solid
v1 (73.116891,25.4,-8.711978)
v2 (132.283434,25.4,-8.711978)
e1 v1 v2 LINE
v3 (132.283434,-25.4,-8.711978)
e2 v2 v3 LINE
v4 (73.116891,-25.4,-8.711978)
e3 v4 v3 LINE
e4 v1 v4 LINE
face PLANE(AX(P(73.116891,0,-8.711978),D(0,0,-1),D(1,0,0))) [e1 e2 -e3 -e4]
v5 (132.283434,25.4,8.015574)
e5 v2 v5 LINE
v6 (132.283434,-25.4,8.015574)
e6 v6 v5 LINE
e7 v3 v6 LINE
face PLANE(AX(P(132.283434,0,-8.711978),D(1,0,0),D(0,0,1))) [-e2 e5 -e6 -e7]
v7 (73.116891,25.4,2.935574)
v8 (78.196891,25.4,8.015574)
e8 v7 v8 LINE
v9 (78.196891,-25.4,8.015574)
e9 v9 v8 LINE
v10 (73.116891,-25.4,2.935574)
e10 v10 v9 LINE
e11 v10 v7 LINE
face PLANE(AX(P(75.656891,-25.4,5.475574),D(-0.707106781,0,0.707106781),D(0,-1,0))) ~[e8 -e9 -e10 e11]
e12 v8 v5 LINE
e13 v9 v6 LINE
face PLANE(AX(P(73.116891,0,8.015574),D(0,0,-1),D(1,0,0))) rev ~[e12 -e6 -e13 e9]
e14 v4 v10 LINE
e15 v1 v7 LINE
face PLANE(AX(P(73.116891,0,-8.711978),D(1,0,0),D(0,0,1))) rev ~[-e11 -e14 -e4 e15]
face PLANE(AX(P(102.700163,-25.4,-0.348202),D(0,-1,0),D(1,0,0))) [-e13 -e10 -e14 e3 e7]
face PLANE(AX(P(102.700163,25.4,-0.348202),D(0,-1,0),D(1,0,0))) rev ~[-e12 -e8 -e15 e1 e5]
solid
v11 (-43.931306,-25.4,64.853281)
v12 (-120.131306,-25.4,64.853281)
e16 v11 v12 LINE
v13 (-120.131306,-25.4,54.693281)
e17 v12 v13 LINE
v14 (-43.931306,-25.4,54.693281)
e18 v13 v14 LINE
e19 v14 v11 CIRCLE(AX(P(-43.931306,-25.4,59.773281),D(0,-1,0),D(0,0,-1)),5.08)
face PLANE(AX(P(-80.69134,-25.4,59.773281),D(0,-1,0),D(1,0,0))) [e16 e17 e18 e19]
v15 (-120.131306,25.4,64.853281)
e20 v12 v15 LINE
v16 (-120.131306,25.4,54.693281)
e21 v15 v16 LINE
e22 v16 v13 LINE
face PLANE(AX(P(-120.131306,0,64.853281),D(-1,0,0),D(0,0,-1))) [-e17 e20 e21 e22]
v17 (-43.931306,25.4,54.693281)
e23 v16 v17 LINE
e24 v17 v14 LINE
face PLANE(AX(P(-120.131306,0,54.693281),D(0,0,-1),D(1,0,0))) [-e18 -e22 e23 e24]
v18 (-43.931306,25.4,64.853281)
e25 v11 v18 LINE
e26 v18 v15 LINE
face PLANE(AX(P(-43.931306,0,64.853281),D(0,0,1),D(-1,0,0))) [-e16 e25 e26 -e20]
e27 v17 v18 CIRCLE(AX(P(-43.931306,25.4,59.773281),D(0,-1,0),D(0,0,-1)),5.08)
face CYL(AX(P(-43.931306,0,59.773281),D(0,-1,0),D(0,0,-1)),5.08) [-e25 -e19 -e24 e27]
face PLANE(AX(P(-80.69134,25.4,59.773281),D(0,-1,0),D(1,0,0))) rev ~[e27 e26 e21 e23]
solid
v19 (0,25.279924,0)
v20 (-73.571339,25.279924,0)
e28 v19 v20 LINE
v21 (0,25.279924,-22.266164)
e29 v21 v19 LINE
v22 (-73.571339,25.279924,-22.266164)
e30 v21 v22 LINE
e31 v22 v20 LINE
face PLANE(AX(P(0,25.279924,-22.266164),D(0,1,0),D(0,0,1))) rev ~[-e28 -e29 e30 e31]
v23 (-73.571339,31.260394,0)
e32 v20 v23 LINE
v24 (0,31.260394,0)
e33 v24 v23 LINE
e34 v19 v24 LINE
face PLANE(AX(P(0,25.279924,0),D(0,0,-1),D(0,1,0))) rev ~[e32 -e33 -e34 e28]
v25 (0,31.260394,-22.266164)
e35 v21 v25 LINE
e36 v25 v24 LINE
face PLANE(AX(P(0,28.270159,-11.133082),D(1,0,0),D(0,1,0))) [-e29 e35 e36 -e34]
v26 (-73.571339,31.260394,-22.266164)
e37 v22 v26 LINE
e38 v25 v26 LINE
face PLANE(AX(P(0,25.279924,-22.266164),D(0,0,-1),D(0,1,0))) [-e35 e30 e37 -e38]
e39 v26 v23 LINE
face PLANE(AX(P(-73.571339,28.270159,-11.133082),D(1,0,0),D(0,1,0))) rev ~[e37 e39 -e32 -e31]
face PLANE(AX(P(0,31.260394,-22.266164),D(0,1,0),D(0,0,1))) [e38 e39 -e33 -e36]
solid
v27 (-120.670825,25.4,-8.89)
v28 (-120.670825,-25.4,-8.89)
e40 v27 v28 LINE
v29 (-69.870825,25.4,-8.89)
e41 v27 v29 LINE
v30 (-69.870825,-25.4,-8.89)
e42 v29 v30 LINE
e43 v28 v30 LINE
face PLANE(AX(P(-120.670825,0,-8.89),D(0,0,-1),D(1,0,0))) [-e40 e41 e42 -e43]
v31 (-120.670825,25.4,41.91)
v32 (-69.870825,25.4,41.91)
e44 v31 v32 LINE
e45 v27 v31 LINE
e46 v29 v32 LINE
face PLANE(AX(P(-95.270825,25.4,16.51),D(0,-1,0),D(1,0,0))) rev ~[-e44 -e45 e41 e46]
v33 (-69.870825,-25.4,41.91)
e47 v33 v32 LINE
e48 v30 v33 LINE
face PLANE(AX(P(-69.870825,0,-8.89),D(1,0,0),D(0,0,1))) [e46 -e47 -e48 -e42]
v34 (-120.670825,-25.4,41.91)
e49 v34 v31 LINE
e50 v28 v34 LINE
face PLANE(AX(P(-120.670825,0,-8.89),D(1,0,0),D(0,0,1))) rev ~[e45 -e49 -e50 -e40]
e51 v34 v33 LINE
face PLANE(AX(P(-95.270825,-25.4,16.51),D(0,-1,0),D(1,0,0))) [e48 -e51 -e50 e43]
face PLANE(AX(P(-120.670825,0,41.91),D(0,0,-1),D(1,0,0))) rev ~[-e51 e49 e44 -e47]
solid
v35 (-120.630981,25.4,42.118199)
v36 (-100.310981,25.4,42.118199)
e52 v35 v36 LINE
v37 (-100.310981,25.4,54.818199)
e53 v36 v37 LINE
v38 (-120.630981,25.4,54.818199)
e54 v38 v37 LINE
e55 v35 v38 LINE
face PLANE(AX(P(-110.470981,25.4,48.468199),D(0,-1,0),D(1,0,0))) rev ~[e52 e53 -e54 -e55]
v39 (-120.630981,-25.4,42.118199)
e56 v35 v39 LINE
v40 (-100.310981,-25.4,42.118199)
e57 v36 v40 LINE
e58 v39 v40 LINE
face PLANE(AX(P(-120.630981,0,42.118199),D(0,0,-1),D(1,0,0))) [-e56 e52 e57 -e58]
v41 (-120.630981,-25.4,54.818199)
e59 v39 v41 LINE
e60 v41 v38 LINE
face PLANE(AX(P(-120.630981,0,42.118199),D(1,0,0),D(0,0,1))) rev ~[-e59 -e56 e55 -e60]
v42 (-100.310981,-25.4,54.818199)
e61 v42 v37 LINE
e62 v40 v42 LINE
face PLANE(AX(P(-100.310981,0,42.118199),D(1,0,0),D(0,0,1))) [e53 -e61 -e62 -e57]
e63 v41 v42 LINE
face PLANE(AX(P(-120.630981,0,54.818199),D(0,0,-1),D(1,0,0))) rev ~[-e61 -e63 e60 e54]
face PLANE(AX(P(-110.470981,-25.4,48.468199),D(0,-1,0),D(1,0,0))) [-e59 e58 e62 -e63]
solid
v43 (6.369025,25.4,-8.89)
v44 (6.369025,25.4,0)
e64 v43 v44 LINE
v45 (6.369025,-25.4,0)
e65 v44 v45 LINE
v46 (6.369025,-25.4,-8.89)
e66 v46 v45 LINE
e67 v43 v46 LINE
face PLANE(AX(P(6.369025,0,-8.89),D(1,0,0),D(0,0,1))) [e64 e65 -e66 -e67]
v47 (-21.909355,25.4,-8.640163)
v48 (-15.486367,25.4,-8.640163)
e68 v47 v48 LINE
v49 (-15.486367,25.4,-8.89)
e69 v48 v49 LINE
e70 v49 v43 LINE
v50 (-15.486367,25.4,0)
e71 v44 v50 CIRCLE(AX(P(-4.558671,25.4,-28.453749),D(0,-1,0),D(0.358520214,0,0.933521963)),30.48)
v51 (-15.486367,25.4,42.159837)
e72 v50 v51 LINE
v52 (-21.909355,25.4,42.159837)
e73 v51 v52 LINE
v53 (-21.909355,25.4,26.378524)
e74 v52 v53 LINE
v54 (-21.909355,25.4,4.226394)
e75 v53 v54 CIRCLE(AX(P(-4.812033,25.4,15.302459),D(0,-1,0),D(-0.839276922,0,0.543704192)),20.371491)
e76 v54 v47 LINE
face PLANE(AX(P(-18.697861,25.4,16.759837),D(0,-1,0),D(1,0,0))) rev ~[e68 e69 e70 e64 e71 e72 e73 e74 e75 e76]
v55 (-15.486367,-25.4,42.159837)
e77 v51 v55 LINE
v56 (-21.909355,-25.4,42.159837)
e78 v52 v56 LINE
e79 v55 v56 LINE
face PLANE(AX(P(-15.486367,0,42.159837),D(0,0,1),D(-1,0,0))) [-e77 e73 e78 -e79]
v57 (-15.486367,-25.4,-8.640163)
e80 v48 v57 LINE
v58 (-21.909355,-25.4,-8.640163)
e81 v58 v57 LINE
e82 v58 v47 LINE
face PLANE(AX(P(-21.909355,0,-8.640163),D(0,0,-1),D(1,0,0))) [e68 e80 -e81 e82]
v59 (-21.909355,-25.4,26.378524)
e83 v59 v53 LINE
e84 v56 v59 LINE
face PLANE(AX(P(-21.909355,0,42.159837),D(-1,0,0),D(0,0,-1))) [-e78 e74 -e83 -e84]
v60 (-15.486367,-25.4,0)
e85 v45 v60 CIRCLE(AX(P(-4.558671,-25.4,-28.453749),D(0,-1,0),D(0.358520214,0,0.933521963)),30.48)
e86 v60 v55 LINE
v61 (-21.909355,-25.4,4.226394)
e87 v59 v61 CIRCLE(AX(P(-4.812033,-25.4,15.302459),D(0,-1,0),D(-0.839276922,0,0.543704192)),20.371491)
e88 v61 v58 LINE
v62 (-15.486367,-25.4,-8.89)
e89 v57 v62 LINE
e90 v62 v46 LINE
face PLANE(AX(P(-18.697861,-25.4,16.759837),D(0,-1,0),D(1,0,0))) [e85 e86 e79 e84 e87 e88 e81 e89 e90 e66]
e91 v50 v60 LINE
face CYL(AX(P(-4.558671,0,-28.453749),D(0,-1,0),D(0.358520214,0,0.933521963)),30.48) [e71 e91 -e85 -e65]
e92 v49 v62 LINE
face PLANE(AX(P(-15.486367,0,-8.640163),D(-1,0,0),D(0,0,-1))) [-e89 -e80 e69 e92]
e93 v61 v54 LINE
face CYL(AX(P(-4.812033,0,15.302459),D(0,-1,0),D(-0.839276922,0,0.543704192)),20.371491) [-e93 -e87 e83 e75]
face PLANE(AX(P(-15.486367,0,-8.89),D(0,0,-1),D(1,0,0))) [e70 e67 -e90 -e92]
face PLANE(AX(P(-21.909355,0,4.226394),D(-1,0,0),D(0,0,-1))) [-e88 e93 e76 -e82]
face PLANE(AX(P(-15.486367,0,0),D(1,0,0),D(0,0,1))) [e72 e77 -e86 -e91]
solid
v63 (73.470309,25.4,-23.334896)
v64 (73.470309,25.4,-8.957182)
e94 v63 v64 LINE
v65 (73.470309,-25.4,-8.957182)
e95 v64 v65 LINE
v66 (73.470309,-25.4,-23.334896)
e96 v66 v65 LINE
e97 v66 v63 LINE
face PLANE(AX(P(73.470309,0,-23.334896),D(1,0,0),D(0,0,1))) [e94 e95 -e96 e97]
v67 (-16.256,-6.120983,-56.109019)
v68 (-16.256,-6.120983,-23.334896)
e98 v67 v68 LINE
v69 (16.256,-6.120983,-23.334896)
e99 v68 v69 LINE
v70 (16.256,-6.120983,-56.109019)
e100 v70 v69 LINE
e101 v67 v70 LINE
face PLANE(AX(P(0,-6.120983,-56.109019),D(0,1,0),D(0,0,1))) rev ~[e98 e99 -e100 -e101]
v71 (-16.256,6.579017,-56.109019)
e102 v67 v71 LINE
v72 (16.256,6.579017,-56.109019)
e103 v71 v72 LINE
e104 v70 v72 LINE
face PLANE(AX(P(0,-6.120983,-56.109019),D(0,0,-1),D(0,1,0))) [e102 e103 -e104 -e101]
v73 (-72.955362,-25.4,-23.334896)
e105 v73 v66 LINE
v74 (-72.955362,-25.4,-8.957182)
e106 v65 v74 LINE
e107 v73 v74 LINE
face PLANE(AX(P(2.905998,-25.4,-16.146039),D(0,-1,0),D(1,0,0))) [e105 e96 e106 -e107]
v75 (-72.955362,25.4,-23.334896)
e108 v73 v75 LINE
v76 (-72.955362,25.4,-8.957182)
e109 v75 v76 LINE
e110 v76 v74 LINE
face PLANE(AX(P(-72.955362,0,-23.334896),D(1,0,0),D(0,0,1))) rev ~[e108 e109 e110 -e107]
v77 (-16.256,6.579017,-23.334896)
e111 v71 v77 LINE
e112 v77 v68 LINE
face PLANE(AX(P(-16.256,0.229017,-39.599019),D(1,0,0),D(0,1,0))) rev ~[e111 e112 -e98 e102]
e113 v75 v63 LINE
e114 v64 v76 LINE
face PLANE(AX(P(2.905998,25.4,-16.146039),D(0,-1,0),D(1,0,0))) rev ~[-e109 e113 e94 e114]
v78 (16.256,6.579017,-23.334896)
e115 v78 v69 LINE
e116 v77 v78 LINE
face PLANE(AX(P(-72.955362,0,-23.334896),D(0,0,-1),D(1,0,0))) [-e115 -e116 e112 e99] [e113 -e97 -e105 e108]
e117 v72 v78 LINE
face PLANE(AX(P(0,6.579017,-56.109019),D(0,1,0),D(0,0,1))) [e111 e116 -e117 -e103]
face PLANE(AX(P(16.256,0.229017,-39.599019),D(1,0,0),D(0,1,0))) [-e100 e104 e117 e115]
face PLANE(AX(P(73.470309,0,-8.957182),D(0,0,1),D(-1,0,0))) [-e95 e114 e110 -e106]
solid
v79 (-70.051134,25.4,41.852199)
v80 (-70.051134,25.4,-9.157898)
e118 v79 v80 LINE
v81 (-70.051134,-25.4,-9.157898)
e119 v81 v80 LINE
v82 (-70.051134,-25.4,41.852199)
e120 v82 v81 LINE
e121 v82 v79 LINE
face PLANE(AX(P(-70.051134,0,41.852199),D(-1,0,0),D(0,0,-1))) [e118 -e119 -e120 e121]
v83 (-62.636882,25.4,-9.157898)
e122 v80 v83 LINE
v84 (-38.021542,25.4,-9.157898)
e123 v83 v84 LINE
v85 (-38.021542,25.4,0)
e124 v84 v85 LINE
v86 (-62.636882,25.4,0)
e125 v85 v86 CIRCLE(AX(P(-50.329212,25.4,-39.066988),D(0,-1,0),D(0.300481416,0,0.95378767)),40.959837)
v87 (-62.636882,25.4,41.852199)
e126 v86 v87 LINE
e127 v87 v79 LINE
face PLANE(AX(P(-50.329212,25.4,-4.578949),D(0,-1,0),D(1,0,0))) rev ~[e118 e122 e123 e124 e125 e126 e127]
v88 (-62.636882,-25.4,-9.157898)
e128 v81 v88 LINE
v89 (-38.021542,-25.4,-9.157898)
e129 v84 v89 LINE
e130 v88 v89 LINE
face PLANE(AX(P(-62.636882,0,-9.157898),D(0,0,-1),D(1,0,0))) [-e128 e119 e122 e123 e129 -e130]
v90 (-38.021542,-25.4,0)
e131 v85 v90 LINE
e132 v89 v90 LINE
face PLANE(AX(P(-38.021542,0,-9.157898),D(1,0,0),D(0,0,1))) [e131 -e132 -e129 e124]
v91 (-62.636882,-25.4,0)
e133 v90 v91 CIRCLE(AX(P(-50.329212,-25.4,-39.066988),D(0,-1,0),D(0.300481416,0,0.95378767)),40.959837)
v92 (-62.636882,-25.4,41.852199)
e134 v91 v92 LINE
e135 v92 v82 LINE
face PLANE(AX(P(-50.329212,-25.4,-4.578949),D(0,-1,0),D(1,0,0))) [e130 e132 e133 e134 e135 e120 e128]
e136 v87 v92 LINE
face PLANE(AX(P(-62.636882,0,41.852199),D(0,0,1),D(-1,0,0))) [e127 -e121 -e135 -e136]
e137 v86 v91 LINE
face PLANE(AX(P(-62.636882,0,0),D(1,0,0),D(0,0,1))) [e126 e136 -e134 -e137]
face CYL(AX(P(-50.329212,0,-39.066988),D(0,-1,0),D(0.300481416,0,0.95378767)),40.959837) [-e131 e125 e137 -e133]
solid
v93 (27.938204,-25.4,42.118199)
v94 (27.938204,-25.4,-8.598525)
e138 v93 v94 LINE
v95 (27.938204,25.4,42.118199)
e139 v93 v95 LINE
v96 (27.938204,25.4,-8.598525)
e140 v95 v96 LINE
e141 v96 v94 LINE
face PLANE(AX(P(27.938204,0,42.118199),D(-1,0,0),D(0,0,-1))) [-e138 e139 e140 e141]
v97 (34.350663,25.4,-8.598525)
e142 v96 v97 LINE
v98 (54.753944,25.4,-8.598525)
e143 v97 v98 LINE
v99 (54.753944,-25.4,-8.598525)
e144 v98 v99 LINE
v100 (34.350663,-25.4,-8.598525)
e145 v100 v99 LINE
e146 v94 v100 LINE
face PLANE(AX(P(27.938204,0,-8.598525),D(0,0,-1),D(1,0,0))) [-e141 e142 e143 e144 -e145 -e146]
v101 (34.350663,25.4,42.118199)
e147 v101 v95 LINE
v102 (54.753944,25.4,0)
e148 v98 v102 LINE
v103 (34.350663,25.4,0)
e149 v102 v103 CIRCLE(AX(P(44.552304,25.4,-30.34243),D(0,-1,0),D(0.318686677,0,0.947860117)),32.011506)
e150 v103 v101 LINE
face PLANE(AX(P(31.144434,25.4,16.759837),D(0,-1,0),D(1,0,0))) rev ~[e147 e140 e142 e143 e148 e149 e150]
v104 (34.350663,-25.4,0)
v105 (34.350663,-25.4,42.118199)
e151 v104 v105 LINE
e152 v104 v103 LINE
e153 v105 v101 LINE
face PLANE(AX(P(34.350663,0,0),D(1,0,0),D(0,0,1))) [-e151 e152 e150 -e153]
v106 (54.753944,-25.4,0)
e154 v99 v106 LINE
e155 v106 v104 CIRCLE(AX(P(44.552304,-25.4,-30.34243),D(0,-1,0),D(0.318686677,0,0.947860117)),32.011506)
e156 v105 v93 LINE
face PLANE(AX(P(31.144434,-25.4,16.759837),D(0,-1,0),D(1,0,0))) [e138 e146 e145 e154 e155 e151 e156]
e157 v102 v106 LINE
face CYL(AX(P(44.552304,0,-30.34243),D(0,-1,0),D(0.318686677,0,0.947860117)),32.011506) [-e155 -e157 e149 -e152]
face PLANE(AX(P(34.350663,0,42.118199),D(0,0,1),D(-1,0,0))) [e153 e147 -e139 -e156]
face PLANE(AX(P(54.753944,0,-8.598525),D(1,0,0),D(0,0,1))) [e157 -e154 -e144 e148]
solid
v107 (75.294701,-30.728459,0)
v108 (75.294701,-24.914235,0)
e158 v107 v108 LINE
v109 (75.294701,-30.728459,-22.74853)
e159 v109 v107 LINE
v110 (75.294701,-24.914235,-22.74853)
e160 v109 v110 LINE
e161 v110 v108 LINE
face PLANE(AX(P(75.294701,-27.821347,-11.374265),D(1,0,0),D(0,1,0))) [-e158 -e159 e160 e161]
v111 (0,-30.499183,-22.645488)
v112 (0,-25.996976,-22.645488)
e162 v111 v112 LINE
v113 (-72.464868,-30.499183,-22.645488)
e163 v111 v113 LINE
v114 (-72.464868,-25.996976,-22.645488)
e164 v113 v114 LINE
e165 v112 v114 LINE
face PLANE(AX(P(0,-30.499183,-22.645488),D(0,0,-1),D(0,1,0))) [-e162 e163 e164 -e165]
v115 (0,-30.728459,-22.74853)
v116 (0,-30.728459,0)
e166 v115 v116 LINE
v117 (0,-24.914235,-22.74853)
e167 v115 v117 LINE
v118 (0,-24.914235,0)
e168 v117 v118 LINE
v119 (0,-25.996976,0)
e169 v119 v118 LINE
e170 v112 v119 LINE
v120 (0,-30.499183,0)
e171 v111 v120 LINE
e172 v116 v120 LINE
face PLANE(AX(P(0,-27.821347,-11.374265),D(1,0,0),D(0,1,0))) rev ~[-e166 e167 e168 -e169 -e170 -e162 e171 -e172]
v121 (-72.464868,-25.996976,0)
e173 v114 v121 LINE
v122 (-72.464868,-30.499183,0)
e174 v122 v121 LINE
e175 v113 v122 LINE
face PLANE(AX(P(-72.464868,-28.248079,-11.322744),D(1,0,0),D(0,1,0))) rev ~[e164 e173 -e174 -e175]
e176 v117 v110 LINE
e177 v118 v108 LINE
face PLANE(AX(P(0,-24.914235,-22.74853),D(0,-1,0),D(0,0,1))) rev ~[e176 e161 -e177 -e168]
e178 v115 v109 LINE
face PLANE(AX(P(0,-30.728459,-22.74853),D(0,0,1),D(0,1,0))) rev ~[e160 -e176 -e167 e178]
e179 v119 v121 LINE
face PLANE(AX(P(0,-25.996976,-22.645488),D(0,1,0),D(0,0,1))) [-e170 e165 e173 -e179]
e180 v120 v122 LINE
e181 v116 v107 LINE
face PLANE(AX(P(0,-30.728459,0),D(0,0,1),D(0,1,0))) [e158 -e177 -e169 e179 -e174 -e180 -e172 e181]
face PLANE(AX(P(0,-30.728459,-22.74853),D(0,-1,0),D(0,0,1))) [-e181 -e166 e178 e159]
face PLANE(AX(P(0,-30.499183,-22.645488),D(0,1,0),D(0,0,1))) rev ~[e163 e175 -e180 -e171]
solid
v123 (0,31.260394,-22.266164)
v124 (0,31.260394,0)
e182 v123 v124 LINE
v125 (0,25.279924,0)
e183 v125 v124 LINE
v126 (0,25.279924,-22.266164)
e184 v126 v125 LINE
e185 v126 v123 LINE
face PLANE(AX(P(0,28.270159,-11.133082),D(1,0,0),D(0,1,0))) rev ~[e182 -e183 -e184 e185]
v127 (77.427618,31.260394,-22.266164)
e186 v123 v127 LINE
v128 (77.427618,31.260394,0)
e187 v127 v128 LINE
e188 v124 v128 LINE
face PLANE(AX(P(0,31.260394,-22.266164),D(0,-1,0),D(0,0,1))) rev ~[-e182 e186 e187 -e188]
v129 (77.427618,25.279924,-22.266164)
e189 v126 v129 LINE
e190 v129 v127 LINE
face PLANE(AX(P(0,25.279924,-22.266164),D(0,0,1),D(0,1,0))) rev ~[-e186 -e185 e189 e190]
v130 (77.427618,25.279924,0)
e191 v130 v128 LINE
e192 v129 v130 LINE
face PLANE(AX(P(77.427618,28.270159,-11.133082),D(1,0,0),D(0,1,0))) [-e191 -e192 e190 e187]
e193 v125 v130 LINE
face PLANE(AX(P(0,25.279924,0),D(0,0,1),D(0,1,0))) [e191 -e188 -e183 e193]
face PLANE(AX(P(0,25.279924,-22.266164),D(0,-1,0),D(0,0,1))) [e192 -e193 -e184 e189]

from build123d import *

# Parameters (mm, degrees)
F7_W      = 20.4032808542
F7_H      = 8.5985250771
F8_DEPTH  = 25.4
F6_W      = 59.1665431857
F6_H      = 16.7275518179
F0_W      = 50.3220036626
F0_H      = 14.3777141348
F0_W_2    = 45.4033091664
F0_W_3    = 50.7003590465
F2_W      = 24.6153399348
F2_H      = 9.1578979045
F1_W      = 50.8
F1_H      = 50.8
F3_W      = 20.32
F3_H      = 12.7
F9_W      = 12.7
F9_H      = 33.02
F10_DEPTH = 16.256
F11_SIZE  = 5.08
F12_W     = 5.9804692864
F12_H     = 22.266164422
F14_DEPTH = 77.4276182055
F13_W     = 5.8142244816
F13_H     = 22.748529911
F15_DEPTH = 75.2947013825
F16_W     = 4.5022070408
F16_H     = 22.6454883814
F17_DEPTH = 72.4648684263
F18_DEPTH = 73.5713392496


with BuildPart() as f8:
    # F7 (on Front) → F8 (new body, symmetric)
    with BuildSketch(Plane.XZ):
        Polygon((27.9382038862, 42.1181991696), (27.9382038862, -8.5985250771), (34.3506634235, -8.5985250771), (34.3506634235, 0), (34.3506634235, 42.1181991696), align=None)
        with Locations((44.5523038507, -4.2992625386)):
            Rectangle(F7_W, F7_H)
        with BuildLine():
            ThreePointArc((54.7539442778, 0), (44.5523038507, 1.6690761612), (34.3506634235, 0))
            Line((34.3506634235, 0), (54.7539442778, 0))
        make_face()
    extrude(amount=F8_DEPTH, both=True)


with BuildPart() as f8b:
    # F5 (on Front) → F8, piece 2 (new body, symmetric)
    with BuildSketch(Plane.XZ):
        Polygon((-21.9093549779, 4.226393532), (-21.9093549779, -8.6401629537), (-15.4863672549, -8.6401629537), (-15.4863672549, 0), (-15.4863672549, 42.1598370463), (-21.9093549779, 42.1598370463), (-21.9093549779, 26.3785235584), align=None)
        with BuildLine():
            ThreePointArc((-21.9093549779, 26.3785235584), (-25.1835237072, 15.3024585452), (-21.9093549779, 4.226393532))
            Line((-21.9093549779, 4.226393532), (-21.9093549779, 26.3785235584))
        make_face()
        Polygon((-15.4863672549, 0), (-15.4863672549, -8.6401629537), (-15.4863672549, -8.890000172), (6.3690249808, -8.890000172), (6.3690249808, 0), align=None)
        with BuildLine():
            ThreePointArc((6.3690249808, 0), (-4.558671137, 2.0262505536), (-15.4863672549, 0))
            Line((-15.4863672549, 0), (6.3690249808, 0))
        make_face()
    extrude(amount=F8_DEPTH, both=True)


with BuildPart() as f8c:
    # F6 (on Front) → F8, piece 3 (new body, symmetric)
    with BuildSketch(Plane.XZ):
        with Locations((102.700162679, -0.3482019529)):
            Rectangle(F6_W, F6_H)
    extrude(amount=F8_DEPTH, both=True)

    # F11
    f11_edges = [f8c.edges().sort_by_distance(p)[0] for p in [
        (73.116891, 0, 8.015574),
    ]]
    chamfer(f11_edges, length=F11_SIZE)


with BuildPart() as f8d:
    # F0 (on Front) → F8, piece 4 (new body, symmetric)
    with BuildSketch(Plane.XZ):
        with Locations((2.905998379, -16.1460391246)):
            Rectangle(F0_W, F0_H)
        with Locations((50.7686547935, -16.1460391246)):
            Rectangle(F0_W_2, F0_H)
        with Locations((-47.6051829755, -16.1460391246)):
            Rectangle(F0_W_3, F0_H)
    extrude(amount=F8_DEPTH, both=True)

    # F9 (on Right) → F10 (join, symmetric)
    with BuildSketch(Plane.YZ):
        with Locations((0.2290169545, -39.5990186238)):
            Rectangle(F9_W, F9_H)
    extrude(amount=F10_DEPTH, both=True)


with BuildPart() as f8e:
    # F2 (on Front) → F8, piece 5 (new body, symmetric)
    with BuildSketch(Plane.XZ):
        with Locations((-50.3292120993, -4.5789489523)):
            Rectangle(F2_W, F2_H)
        with BuildLine():
            ThreePointArc((-38.0215421319, 0), (-50.3292120993, 1.8928495448), (-62.6368820667, 0))
            Line((-62.6368820667, 0), (-38.0215421319, 0))
        make_face()
        Polygon((-62.6368820667, 41.8521985412), (-70.0511336327, 41.8521985412), (-70.0511336327, -9.1578979045), (-62.6368820667, -9.1578979045), (-62.6368820667, 0), align=None)
    extrude(amount=F8_DEPTH, both=True)


with BuildPart() as f8f:
    # F1 (on Front) → F8, piece 6 (new body, symmetric)
    with BuildSketch(Plane.XZ):
        with Locations((-95.270825243, 16.509999828)):
            Rectangle(F1_W, F1_H)
    extrude(amount=F8_DEPTH, both=True)


with BuildPart() as f8g:
    # F3 (on Front) → F8, piece 7 (new body, symmetric)
    with BuildSketch(Plane.XZ):
        with Locations((-110.4709812737, 48.4681991696)):
            Rectangle(F3_W, F3_H)
    extrude(amount=F8_DEPTH, both=True)


with BuildPart() as f8h:
    # F4 (on Front) → F8, piece 8 (new body, symmetric)
    with BuildSketch(Plane.XZ):
        with BuildLine():
            Line((-120.1313063502, 64.8532807827), (-120.1313063502, 54.6932807827))
            Line((-120.1313063502, 54.6932807827), (-43.9313063502, 54.6932807827))
            ThreePointArc((-43.9313063502, 54.6932807827), (-38.8513063502, 59.7732807827), (-43.9313063502, 64.8532807827))
            Line((-43.9313063502, 64.8532807827), (-120.1313063502, 64.8532807827))
        make_face()
    extrude(amount=F8_DEPTH, both=True)


with BuildPart() as f14:
    # F12 (on Right) → F14 (new body)
    with BuildSketch(Plane.YZ):
        with Locations((28.2701589167, -11.133082211)):
            Rectangle(F12_W, F12_H)
    extrude(amount=F14_DEPTH)


with BuildPart() as f15:
    # F13 (on Right) → F15 (new body)
    with BuildSketch(Plane.YZ):
        with Locations((-27.8213471174, -11.3742649555)):
            Rectangle(F13_W, F13_H)
    extrude(amount=F15_DEPTH)

    # F16 (on Right) → F17 (join)
    with BuildSketch(Plane.YZ):
        with Locations((-28.2480791211, -11.3227441907)):
            Rectangle(F16_W, F16_H)
    extrude(amount=-F17_DEPTH)


with BuildPart() as f18:
    # F18 (new): a face of the model
    f18_faces = [f14.part.faces().sort_by_distance(p)[0] for p in [
        (0, 28.2701589167, -11.133082211),
    ]]
    extrude(f18_faces, amount=F18_DEPTH)


solid = Compound([f8.part, f8b.part, f8c.part, f8d.part, f8e.part, f8f.part, f8g.part, f8h.part, f14.part, f15.part, f18.part])
